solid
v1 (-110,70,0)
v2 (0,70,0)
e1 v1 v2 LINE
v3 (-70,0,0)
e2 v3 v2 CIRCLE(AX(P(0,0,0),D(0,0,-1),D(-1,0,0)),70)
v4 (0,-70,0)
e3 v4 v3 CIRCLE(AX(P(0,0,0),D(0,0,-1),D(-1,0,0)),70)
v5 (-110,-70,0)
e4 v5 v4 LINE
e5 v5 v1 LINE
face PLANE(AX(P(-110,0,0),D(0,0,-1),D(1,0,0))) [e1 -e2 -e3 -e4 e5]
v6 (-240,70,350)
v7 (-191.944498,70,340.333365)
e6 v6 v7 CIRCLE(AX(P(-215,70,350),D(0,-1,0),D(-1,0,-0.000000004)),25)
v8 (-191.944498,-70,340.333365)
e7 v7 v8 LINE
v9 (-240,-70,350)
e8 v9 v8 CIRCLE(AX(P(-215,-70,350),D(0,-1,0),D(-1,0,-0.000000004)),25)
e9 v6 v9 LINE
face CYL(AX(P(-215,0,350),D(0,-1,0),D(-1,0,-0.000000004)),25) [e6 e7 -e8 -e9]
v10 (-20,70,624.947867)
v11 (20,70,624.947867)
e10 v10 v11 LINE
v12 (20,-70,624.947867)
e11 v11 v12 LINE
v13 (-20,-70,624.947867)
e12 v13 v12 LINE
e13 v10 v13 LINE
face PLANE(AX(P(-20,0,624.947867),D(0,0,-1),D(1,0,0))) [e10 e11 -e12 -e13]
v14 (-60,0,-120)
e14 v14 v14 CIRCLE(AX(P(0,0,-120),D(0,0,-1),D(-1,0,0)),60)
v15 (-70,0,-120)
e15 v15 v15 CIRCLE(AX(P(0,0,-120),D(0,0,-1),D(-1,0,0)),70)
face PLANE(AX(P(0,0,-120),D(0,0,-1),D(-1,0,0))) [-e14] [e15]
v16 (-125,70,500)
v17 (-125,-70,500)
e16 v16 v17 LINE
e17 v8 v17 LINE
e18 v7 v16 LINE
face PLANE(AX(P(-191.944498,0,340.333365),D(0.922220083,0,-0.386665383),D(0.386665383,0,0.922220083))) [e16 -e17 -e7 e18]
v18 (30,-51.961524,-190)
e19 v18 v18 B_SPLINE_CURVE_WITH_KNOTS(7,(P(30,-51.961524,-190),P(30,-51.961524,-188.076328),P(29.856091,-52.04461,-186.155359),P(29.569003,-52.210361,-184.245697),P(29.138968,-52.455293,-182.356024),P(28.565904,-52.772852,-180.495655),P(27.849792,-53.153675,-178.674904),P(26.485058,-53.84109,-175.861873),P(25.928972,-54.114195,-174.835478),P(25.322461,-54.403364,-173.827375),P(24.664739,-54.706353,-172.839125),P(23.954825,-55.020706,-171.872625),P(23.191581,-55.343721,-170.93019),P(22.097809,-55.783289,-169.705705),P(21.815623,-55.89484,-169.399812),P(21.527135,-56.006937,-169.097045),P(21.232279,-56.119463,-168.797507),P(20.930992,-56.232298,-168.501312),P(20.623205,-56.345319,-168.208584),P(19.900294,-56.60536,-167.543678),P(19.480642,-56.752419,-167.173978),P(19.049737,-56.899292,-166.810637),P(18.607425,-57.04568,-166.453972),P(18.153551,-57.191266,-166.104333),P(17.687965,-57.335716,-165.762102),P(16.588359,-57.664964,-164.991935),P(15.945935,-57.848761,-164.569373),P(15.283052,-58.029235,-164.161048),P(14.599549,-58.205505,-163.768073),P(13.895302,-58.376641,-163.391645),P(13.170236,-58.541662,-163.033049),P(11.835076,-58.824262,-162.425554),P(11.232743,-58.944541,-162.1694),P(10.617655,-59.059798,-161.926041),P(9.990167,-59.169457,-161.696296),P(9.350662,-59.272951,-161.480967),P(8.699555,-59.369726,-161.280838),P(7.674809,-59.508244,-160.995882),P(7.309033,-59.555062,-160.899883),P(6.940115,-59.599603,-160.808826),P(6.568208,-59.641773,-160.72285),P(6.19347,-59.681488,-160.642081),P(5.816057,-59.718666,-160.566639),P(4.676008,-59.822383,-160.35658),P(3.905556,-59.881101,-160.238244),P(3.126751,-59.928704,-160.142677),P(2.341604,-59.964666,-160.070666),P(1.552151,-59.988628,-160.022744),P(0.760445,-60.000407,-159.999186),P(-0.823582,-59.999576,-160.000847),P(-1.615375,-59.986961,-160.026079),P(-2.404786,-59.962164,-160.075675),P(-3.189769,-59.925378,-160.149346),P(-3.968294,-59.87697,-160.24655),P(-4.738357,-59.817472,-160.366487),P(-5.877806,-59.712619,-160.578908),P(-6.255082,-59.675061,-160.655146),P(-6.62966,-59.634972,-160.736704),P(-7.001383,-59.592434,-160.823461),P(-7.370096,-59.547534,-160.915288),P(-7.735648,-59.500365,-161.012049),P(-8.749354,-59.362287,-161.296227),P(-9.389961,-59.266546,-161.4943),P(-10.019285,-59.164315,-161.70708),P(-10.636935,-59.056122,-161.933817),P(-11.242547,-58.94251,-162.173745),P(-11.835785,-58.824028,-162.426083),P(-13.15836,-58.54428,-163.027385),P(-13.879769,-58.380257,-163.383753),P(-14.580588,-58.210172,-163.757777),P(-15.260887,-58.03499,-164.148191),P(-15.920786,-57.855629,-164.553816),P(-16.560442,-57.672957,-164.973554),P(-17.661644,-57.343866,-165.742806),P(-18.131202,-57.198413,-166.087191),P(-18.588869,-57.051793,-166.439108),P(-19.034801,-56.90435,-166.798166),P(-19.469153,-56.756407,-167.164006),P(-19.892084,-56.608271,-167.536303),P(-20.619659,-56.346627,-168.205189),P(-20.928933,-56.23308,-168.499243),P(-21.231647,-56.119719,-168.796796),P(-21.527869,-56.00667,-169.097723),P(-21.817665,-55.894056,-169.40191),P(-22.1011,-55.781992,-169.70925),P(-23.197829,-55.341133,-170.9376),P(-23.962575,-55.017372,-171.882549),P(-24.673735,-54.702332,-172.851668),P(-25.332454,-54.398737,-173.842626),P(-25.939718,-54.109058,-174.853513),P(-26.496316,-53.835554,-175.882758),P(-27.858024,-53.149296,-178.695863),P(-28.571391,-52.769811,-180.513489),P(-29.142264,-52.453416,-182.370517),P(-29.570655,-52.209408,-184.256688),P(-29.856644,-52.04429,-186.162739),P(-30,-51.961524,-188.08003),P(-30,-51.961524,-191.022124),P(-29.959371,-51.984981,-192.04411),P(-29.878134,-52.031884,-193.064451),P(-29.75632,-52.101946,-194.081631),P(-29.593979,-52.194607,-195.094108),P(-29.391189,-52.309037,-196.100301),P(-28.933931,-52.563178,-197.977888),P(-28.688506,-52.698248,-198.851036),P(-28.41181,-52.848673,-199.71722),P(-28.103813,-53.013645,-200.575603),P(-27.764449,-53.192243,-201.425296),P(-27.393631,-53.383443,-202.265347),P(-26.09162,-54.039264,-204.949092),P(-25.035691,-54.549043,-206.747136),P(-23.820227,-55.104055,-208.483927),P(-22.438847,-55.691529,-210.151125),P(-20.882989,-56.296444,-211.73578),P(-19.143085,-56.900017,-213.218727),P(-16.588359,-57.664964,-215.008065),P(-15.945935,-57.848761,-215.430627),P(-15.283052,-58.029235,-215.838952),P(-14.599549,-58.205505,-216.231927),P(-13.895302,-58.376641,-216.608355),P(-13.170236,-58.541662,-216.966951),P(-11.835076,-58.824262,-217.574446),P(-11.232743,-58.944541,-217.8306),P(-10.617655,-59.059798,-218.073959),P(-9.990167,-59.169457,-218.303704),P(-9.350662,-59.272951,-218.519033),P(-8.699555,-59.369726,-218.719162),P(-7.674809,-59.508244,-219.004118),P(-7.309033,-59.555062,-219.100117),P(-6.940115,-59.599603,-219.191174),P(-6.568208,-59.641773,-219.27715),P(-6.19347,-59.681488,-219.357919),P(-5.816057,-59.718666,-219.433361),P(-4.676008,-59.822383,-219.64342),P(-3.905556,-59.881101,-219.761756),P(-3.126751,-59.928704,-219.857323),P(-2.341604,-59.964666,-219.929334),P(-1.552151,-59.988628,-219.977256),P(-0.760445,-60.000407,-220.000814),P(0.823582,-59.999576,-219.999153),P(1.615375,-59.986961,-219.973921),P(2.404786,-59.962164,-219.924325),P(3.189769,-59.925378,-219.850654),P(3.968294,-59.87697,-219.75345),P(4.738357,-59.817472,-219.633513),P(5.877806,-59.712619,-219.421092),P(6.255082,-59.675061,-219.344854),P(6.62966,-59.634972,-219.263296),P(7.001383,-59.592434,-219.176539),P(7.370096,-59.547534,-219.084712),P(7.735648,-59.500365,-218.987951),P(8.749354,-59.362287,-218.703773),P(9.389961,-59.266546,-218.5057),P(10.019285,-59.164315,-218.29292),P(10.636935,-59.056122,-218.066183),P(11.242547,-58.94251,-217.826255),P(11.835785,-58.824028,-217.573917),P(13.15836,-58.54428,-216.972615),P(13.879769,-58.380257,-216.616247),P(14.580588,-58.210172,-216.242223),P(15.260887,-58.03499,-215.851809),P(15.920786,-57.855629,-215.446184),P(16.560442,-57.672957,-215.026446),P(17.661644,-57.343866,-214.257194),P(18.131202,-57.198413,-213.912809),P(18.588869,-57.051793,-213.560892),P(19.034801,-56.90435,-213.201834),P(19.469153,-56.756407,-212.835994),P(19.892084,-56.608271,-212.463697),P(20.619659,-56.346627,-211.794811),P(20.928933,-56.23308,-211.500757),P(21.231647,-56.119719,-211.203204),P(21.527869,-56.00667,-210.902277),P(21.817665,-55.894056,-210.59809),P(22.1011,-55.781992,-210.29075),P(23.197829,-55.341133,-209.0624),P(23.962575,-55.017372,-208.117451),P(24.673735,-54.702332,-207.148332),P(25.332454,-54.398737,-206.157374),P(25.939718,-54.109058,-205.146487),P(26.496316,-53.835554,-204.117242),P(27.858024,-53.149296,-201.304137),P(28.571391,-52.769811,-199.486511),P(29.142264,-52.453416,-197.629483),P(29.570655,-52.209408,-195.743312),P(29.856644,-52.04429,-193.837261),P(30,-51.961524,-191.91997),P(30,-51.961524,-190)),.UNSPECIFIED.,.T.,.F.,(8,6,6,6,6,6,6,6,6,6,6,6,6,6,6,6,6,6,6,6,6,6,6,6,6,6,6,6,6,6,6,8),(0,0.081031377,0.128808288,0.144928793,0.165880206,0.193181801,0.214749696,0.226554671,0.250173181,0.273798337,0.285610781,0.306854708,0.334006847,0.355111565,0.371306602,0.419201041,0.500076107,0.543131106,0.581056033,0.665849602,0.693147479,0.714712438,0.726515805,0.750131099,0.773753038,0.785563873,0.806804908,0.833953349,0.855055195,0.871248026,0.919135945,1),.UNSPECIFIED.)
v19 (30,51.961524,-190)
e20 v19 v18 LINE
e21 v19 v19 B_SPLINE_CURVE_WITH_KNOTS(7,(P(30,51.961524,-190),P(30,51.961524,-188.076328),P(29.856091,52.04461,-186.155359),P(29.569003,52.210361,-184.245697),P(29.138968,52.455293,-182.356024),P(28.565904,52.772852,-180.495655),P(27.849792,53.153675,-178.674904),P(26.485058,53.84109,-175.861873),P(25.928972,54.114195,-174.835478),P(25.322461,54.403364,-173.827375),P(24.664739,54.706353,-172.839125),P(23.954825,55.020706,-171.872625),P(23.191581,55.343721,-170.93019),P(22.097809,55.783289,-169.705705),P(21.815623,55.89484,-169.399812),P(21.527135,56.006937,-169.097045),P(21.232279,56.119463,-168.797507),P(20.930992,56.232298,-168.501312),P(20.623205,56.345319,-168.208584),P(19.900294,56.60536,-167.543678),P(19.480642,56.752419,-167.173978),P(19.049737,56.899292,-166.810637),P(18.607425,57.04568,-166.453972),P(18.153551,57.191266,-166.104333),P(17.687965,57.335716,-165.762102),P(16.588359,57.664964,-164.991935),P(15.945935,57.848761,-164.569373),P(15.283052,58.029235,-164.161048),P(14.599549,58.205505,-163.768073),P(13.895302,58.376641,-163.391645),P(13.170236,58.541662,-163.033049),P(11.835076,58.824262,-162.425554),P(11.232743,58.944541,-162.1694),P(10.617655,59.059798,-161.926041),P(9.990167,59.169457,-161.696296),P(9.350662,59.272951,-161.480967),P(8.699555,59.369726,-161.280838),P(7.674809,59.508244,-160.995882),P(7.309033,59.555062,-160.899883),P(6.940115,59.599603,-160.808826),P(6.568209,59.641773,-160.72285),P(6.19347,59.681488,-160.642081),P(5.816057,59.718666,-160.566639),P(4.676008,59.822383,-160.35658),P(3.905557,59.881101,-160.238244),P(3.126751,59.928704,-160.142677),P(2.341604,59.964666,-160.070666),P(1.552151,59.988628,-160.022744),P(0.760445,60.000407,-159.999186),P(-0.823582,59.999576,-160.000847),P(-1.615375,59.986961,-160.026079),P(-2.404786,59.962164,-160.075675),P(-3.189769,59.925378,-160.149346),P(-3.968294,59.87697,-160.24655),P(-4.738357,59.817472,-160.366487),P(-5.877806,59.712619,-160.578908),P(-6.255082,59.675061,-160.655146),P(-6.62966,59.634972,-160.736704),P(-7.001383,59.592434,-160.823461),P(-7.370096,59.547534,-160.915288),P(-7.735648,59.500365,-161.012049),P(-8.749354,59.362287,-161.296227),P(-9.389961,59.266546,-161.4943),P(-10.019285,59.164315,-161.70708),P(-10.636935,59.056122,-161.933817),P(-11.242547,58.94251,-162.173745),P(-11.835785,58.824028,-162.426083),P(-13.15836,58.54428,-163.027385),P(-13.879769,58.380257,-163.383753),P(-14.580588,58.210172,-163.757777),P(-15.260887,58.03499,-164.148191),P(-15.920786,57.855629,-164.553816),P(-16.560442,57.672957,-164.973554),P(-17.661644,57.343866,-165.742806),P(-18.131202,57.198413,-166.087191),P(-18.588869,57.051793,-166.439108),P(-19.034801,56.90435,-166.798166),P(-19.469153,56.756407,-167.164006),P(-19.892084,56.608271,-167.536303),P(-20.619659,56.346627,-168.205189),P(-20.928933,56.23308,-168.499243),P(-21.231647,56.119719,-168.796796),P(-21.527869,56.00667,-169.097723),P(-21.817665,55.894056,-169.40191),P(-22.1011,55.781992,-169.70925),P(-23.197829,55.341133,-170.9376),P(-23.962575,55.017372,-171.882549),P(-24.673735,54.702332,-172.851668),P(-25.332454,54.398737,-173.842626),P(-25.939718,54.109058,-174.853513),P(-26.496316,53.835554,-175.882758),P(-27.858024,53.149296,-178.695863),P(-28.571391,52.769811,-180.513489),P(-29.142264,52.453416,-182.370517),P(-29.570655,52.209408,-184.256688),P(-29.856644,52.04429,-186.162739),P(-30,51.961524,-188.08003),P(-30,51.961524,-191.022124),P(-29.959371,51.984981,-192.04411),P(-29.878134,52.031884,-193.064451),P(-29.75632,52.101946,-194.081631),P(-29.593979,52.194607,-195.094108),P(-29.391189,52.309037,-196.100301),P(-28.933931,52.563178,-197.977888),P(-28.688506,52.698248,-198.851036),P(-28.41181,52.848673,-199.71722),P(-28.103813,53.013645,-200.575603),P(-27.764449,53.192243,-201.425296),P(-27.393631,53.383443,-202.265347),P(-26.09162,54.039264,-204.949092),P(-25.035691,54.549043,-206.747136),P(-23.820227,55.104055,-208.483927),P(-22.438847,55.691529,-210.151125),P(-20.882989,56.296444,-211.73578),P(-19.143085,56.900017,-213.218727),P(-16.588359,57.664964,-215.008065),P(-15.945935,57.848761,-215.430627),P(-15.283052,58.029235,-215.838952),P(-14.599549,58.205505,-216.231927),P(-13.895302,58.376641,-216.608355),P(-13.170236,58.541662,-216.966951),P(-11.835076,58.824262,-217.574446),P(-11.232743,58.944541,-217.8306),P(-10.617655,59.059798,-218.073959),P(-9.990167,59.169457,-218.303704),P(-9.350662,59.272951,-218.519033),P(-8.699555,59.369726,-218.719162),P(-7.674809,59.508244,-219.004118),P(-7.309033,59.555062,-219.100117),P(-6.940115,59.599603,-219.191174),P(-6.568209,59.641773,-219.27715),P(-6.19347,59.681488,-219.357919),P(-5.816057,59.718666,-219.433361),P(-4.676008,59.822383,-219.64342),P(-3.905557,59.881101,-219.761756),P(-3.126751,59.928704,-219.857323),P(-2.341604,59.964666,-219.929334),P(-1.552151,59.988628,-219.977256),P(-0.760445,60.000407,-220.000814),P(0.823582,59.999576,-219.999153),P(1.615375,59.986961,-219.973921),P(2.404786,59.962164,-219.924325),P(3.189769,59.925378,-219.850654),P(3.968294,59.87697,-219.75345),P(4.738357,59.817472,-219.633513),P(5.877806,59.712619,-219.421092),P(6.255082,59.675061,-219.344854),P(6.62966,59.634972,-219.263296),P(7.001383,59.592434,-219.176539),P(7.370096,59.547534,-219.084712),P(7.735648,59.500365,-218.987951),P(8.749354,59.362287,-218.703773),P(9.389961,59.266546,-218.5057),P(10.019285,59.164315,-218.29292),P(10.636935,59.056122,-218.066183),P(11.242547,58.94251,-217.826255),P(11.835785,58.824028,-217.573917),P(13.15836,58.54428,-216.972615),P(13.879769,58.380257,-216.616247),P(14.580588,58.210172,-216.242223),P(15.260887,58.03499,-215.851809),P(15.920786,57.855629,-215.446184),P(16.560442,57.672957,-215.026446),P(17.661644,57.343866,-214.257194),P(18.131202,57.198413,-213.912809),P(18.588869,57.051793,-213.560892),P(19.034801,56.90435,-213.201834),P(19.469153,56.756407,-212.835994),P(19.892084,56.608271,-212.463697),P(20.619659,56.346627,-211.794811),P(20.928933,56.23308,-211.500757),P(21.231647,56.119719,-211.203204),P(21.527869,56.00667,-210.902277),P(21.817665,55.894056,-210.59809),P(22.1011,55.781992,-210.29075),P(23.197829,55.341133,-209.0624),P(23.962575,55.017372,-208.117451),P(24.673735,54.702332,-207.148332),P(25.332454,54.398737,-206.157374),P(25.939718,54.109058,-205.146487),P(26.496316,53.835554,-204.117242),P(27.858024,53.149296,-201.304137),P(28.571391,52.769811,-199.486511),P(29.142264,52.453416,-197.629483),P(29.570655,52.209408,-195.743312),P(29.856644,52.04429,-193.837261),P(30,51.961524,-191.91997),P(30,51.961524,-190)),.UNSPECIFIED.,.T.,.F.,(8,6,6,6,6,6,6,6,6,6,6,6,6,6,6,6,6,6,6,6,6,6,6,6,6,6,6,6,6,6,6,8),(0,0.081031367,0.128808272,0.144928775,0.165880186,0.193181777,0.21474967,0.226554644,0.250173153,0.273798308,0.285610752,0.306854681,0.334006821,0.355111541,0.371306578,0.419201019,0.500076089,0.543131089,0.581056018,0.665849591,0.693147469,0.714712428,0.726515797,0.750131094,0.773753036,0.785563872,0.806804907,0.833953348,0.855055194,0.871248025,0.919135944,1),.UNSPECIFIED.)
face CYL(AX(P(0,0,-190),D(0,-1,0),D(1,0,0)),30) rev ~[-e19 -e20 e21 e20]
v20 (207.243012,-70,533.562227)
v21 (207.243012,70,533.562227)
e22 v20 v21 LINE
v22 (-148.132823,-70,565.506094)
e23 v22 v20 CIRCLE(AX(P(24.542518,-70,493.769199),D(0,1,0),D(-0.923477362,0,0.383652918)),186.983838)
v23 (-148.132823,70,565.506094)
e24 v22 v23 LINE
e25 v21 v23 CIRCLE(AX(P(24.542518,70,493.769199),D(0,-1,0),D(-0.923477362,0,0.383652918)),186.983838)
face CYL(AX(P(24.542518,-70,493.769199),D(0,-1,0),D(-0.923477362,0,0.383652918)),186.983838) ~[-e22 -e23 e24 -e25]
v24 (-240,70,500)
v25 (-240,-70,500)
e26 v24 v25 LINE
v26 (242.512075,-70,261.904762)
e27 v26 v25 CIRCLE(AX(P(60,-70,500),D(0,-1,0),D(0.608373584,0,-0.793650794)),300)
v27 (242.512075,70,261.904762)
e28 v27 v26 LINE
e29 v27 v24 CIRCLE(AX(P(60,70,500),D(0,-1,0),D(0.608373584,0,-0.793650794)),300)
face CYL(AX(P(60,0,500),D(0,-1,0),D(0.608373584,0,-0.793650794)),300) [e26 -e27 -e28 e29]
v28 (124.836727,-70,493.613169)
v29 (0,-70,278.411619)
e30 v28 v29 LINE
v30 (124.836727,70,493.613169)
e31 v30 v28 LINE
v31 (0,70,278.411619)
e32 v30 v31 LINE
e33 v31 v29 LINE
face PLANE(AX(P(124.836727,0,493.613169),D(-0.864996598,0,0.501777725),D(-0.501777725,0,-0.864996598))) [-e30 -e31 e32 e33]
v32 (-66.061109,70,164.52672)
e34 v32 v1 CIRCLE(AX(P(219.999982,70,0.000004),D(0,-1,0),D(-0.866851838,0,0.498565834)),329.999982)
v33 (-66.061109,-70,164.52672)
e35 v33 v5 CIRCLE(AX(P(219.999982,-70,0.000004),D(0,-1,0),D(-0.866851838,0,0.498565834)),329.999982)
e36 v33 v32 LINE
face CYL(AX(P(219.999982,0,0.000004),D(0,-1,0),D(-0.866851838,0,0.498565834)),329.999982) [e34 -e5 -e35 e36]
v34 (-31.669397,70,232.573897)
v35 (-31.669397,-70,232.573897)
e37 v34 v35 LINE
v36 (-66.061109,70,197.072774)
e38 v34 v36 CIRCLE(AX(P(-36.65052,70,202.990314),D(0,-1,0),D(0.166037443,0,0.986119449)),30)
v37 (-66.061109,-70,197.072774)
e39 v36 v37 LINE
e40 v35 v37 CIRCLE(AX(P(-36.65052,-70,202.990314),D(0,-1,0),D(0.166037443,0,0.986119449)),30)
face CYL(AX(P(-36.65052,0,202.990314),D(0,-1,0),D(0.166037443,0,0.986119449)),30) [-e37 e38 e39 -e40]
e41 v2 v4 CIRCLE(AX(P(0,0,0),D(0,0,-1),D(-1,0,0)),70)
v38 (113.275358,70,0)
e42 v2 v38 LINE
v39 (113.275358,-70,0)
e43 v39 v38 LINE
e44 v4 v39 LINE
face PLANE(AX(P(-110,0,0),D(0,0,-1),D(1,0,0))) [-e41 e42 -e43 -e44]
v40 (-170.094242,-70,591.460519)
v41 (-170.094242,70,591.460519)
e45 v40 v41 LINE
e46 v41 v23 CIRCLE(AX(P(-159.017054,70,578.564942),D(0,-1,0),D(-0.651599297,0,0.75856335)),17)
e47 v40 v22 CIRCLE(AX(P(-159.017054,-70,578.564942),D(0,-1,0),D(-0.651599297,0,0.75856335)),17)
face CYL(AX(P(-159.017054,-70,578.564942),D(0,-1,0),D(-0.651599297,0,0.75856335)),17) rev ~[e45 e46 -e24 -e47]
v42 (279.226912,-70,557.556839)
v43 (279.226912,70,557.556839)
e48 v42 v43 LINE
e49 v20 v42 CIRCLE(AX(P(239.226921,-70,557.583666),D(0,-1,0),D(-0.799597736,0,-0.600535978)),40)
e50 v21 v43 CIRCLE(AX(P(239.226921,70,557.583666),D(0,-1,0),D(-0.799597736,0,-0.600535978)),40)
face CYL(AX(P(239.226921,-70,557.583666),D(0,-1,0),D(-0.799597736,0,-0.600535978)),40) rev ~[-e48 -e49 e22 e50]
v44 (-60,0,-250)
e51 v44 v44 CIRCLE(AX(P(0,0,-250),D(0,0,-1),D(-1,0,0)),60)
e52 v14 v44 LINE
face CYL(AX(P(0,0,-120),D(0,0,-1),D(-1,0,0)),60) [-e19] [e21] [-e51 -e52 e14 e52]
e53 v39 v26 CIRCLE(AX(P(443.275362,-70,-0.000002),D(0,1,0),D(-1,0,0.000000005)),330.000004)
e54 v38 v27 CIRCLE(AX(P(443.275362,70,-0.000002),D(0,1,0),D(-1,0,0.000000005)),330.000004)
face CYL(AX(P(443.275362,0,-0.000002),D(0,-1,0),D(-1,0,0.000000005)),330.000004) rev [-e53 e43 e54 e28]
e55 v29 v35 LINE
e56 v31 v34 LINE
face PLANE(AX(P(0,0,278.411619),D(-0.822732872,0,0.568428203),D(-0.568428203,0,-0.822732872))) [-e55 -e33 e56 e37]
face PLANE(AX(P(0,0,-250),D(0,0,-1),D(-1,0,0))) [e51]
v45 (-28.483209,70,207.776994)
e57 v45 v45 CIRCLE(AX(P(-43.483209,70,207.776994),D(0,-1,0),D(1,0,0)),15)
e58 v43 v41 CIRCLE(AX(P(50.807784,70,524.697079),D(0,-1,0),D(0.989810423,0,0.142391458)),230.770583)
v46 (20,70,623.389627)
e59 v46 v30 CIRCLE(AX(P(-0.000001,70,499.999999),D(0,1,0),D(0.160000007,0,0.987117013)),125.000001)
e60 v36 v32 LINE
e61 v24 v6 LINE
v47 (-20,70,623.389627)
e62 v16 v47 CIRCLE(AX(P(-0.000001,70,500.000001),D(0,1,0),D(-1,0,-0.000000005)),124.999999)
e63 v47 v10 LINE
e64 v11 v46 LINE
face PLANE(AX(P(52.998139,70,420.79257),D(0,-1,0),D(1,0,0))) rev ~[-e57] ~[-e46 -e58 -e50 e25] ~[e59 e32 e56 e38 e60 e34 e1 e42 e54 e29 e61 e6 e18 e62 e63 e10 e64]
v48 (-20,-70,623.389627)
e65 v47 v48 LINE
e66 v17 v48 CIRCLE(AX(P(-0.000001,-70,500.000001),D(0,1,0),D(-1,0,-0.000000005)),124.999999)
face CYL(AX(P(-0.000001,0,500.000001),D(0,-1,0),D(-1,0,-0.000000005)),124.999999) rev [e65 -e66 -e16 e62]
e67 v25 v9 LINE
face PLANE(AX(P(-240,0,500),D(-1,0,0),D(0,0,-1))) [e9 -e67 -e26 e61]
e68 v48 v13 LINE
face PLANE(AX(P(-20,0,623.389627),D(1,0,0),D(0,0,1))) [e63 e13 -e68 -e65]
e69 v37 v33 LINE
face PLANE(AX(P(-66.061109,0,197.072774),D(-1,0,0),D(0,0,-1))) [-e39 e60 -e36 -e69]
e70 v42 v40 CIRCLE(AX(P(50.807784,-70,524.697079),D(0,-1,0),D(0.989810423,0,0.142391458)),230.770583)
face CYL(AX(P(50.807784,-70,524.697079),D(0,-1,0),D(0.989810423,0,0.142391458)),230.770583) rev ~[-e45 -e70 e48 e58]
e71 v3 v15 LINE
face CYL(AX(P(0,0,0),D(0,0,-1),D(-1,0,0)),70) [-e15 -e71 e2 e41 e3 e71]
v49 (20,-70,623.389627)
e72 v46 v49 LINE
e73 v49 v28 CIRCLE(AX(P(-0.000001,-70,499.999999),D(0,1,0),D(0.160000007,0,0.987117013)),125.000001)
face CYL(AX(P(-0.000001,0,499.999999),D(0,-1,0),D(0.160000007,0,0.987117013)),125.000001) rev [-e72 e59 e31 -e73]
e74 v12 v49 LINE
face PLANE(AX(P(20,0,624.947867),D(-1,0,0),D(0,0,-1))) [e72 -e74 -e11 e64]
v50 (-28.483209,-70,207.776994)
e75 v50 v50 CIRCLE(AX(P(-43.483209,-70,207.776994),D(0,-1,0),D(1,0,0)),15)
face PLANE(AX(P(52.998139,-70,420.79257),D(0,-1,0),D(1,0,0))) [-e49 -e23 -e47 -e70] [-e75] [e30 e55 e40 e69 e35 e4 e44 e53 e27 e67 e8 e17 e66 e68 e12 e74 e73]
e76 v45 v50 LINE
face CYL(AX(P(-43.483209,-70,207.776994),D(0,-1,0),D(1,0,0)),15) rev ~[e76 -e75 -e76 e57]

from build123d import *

# Parameters (mm, degrees)
F3_DEPTH = 70
F4_R     = 30
F5_DEPTH = 112
F6_R     = 15
F7_DEPTH = 163
F9_DEPTH = 150


with BuildPart() as f2:
    # F1 (on Front) → F2 (revolve)
    with BuildSketch(Plane.XZ):
        Polygon((-60, -120), (-60, -250), (0, -250), (0, 0), (-70, 0), (-70, -120), align=None)
    revolve(axis=Axis((0, 0, -125), (0, 0, -1)))

    # F0 (on Front) → F3 (join, symmetric)
    with BuildSketch(Plane.XZ):
        with BuildLine():
            ThreePointArc((113.275358, 0), (147.343032, 146.027594), (242.512075, 261.904762))
            ThreePointArc((242.512075, 261.904762), (192.752359, 769.029387), (-240, 500))
            Line((-240, 500), (-125, 500))
            ThreePointArc((-125, 500), (-95.197164, 581.009259), (-20, 623.389627))
            Line((-20, 623.389627), (-20, 624.947867))
            Line((-20, 624.947867), (20, 624.947867))
            Line((20, 624.947867), (20, 623.389627))
            ThreePointArc((20, 623.389627), (97.236318, 578.549974), (124.836727, 493.613169))
            Line((124.836727, 493.613169), (0, 278.411619))
            Line((0, 278.411619), (-31.669397, 232.573897))
            ThreePointArc((-31.669397, 232.573897), (-58.197727, 223.86417), (-66.061109, 197.072774))
            Line((-66.061109, 197.072774), (-66.061109, 164.52672))
            ThreePointArc((-66.061109, 164.52672), (-98.826102, 85.146444), (-110, 0))
            Line((-110, 0), (113.275358, 0))
        make_face()
        with BuildLine():
            Line((-125, 500), (-240, 500))
            Line((-240, 500), (-240, 350))
            ThreePointArc((-240, 350), (-219.930134, 325.490945), (-191.944498, 340.333365))
            Line((-191.944498, 340.333365), (-125, 500))
        make_face()
    extrude(amount=F3_DEPTH, both=True)

    # F4 (on Front) → F5 (cut, symmetric)
    with BuildSketch(Plane.XZ):
        with Locations((0, -190)):
            Circle(F4_R)
    extrude(amount=F5_DEPTH, both=True, mode=Mode.SUBTRACT)

    # F6 (on face) → F7 (cut, symmetric)
    with BuildSketch(Plane.XZ.offset(70)):
        with Locations((-43.483209, 207.776994)):
            Circle(F6_R)
    extrude(amount=F7_DEPTH, both=True, mode=Mode.SUBTRACT)

    # F8 (on face) → F9 (cut)
    with BuildSketch(Plane.XZ.offset(70)):
        with BuildLine():
            ThreePointArc((207.243012, 533.562227), (251.876022, 519.636331), (279.226912, 557.556839))
            ThreePointArc((279.226912, 557.556839), (68.171297, 754.813507), (-170.094242, 591.460519))
            ThreePointArc((-170.094242, 591.460519), (-171.994625, 567.583929), (-148.132823, 565.506094))
            ThreePointArc((-148.132823, 565.506094), (41.282548, 680.00219), (207.243012, 533.562227))
        make_face()
    extrude(amount=-F9_DEPTH, mode=Mode.SUBTRACT)


solid = f2.part
